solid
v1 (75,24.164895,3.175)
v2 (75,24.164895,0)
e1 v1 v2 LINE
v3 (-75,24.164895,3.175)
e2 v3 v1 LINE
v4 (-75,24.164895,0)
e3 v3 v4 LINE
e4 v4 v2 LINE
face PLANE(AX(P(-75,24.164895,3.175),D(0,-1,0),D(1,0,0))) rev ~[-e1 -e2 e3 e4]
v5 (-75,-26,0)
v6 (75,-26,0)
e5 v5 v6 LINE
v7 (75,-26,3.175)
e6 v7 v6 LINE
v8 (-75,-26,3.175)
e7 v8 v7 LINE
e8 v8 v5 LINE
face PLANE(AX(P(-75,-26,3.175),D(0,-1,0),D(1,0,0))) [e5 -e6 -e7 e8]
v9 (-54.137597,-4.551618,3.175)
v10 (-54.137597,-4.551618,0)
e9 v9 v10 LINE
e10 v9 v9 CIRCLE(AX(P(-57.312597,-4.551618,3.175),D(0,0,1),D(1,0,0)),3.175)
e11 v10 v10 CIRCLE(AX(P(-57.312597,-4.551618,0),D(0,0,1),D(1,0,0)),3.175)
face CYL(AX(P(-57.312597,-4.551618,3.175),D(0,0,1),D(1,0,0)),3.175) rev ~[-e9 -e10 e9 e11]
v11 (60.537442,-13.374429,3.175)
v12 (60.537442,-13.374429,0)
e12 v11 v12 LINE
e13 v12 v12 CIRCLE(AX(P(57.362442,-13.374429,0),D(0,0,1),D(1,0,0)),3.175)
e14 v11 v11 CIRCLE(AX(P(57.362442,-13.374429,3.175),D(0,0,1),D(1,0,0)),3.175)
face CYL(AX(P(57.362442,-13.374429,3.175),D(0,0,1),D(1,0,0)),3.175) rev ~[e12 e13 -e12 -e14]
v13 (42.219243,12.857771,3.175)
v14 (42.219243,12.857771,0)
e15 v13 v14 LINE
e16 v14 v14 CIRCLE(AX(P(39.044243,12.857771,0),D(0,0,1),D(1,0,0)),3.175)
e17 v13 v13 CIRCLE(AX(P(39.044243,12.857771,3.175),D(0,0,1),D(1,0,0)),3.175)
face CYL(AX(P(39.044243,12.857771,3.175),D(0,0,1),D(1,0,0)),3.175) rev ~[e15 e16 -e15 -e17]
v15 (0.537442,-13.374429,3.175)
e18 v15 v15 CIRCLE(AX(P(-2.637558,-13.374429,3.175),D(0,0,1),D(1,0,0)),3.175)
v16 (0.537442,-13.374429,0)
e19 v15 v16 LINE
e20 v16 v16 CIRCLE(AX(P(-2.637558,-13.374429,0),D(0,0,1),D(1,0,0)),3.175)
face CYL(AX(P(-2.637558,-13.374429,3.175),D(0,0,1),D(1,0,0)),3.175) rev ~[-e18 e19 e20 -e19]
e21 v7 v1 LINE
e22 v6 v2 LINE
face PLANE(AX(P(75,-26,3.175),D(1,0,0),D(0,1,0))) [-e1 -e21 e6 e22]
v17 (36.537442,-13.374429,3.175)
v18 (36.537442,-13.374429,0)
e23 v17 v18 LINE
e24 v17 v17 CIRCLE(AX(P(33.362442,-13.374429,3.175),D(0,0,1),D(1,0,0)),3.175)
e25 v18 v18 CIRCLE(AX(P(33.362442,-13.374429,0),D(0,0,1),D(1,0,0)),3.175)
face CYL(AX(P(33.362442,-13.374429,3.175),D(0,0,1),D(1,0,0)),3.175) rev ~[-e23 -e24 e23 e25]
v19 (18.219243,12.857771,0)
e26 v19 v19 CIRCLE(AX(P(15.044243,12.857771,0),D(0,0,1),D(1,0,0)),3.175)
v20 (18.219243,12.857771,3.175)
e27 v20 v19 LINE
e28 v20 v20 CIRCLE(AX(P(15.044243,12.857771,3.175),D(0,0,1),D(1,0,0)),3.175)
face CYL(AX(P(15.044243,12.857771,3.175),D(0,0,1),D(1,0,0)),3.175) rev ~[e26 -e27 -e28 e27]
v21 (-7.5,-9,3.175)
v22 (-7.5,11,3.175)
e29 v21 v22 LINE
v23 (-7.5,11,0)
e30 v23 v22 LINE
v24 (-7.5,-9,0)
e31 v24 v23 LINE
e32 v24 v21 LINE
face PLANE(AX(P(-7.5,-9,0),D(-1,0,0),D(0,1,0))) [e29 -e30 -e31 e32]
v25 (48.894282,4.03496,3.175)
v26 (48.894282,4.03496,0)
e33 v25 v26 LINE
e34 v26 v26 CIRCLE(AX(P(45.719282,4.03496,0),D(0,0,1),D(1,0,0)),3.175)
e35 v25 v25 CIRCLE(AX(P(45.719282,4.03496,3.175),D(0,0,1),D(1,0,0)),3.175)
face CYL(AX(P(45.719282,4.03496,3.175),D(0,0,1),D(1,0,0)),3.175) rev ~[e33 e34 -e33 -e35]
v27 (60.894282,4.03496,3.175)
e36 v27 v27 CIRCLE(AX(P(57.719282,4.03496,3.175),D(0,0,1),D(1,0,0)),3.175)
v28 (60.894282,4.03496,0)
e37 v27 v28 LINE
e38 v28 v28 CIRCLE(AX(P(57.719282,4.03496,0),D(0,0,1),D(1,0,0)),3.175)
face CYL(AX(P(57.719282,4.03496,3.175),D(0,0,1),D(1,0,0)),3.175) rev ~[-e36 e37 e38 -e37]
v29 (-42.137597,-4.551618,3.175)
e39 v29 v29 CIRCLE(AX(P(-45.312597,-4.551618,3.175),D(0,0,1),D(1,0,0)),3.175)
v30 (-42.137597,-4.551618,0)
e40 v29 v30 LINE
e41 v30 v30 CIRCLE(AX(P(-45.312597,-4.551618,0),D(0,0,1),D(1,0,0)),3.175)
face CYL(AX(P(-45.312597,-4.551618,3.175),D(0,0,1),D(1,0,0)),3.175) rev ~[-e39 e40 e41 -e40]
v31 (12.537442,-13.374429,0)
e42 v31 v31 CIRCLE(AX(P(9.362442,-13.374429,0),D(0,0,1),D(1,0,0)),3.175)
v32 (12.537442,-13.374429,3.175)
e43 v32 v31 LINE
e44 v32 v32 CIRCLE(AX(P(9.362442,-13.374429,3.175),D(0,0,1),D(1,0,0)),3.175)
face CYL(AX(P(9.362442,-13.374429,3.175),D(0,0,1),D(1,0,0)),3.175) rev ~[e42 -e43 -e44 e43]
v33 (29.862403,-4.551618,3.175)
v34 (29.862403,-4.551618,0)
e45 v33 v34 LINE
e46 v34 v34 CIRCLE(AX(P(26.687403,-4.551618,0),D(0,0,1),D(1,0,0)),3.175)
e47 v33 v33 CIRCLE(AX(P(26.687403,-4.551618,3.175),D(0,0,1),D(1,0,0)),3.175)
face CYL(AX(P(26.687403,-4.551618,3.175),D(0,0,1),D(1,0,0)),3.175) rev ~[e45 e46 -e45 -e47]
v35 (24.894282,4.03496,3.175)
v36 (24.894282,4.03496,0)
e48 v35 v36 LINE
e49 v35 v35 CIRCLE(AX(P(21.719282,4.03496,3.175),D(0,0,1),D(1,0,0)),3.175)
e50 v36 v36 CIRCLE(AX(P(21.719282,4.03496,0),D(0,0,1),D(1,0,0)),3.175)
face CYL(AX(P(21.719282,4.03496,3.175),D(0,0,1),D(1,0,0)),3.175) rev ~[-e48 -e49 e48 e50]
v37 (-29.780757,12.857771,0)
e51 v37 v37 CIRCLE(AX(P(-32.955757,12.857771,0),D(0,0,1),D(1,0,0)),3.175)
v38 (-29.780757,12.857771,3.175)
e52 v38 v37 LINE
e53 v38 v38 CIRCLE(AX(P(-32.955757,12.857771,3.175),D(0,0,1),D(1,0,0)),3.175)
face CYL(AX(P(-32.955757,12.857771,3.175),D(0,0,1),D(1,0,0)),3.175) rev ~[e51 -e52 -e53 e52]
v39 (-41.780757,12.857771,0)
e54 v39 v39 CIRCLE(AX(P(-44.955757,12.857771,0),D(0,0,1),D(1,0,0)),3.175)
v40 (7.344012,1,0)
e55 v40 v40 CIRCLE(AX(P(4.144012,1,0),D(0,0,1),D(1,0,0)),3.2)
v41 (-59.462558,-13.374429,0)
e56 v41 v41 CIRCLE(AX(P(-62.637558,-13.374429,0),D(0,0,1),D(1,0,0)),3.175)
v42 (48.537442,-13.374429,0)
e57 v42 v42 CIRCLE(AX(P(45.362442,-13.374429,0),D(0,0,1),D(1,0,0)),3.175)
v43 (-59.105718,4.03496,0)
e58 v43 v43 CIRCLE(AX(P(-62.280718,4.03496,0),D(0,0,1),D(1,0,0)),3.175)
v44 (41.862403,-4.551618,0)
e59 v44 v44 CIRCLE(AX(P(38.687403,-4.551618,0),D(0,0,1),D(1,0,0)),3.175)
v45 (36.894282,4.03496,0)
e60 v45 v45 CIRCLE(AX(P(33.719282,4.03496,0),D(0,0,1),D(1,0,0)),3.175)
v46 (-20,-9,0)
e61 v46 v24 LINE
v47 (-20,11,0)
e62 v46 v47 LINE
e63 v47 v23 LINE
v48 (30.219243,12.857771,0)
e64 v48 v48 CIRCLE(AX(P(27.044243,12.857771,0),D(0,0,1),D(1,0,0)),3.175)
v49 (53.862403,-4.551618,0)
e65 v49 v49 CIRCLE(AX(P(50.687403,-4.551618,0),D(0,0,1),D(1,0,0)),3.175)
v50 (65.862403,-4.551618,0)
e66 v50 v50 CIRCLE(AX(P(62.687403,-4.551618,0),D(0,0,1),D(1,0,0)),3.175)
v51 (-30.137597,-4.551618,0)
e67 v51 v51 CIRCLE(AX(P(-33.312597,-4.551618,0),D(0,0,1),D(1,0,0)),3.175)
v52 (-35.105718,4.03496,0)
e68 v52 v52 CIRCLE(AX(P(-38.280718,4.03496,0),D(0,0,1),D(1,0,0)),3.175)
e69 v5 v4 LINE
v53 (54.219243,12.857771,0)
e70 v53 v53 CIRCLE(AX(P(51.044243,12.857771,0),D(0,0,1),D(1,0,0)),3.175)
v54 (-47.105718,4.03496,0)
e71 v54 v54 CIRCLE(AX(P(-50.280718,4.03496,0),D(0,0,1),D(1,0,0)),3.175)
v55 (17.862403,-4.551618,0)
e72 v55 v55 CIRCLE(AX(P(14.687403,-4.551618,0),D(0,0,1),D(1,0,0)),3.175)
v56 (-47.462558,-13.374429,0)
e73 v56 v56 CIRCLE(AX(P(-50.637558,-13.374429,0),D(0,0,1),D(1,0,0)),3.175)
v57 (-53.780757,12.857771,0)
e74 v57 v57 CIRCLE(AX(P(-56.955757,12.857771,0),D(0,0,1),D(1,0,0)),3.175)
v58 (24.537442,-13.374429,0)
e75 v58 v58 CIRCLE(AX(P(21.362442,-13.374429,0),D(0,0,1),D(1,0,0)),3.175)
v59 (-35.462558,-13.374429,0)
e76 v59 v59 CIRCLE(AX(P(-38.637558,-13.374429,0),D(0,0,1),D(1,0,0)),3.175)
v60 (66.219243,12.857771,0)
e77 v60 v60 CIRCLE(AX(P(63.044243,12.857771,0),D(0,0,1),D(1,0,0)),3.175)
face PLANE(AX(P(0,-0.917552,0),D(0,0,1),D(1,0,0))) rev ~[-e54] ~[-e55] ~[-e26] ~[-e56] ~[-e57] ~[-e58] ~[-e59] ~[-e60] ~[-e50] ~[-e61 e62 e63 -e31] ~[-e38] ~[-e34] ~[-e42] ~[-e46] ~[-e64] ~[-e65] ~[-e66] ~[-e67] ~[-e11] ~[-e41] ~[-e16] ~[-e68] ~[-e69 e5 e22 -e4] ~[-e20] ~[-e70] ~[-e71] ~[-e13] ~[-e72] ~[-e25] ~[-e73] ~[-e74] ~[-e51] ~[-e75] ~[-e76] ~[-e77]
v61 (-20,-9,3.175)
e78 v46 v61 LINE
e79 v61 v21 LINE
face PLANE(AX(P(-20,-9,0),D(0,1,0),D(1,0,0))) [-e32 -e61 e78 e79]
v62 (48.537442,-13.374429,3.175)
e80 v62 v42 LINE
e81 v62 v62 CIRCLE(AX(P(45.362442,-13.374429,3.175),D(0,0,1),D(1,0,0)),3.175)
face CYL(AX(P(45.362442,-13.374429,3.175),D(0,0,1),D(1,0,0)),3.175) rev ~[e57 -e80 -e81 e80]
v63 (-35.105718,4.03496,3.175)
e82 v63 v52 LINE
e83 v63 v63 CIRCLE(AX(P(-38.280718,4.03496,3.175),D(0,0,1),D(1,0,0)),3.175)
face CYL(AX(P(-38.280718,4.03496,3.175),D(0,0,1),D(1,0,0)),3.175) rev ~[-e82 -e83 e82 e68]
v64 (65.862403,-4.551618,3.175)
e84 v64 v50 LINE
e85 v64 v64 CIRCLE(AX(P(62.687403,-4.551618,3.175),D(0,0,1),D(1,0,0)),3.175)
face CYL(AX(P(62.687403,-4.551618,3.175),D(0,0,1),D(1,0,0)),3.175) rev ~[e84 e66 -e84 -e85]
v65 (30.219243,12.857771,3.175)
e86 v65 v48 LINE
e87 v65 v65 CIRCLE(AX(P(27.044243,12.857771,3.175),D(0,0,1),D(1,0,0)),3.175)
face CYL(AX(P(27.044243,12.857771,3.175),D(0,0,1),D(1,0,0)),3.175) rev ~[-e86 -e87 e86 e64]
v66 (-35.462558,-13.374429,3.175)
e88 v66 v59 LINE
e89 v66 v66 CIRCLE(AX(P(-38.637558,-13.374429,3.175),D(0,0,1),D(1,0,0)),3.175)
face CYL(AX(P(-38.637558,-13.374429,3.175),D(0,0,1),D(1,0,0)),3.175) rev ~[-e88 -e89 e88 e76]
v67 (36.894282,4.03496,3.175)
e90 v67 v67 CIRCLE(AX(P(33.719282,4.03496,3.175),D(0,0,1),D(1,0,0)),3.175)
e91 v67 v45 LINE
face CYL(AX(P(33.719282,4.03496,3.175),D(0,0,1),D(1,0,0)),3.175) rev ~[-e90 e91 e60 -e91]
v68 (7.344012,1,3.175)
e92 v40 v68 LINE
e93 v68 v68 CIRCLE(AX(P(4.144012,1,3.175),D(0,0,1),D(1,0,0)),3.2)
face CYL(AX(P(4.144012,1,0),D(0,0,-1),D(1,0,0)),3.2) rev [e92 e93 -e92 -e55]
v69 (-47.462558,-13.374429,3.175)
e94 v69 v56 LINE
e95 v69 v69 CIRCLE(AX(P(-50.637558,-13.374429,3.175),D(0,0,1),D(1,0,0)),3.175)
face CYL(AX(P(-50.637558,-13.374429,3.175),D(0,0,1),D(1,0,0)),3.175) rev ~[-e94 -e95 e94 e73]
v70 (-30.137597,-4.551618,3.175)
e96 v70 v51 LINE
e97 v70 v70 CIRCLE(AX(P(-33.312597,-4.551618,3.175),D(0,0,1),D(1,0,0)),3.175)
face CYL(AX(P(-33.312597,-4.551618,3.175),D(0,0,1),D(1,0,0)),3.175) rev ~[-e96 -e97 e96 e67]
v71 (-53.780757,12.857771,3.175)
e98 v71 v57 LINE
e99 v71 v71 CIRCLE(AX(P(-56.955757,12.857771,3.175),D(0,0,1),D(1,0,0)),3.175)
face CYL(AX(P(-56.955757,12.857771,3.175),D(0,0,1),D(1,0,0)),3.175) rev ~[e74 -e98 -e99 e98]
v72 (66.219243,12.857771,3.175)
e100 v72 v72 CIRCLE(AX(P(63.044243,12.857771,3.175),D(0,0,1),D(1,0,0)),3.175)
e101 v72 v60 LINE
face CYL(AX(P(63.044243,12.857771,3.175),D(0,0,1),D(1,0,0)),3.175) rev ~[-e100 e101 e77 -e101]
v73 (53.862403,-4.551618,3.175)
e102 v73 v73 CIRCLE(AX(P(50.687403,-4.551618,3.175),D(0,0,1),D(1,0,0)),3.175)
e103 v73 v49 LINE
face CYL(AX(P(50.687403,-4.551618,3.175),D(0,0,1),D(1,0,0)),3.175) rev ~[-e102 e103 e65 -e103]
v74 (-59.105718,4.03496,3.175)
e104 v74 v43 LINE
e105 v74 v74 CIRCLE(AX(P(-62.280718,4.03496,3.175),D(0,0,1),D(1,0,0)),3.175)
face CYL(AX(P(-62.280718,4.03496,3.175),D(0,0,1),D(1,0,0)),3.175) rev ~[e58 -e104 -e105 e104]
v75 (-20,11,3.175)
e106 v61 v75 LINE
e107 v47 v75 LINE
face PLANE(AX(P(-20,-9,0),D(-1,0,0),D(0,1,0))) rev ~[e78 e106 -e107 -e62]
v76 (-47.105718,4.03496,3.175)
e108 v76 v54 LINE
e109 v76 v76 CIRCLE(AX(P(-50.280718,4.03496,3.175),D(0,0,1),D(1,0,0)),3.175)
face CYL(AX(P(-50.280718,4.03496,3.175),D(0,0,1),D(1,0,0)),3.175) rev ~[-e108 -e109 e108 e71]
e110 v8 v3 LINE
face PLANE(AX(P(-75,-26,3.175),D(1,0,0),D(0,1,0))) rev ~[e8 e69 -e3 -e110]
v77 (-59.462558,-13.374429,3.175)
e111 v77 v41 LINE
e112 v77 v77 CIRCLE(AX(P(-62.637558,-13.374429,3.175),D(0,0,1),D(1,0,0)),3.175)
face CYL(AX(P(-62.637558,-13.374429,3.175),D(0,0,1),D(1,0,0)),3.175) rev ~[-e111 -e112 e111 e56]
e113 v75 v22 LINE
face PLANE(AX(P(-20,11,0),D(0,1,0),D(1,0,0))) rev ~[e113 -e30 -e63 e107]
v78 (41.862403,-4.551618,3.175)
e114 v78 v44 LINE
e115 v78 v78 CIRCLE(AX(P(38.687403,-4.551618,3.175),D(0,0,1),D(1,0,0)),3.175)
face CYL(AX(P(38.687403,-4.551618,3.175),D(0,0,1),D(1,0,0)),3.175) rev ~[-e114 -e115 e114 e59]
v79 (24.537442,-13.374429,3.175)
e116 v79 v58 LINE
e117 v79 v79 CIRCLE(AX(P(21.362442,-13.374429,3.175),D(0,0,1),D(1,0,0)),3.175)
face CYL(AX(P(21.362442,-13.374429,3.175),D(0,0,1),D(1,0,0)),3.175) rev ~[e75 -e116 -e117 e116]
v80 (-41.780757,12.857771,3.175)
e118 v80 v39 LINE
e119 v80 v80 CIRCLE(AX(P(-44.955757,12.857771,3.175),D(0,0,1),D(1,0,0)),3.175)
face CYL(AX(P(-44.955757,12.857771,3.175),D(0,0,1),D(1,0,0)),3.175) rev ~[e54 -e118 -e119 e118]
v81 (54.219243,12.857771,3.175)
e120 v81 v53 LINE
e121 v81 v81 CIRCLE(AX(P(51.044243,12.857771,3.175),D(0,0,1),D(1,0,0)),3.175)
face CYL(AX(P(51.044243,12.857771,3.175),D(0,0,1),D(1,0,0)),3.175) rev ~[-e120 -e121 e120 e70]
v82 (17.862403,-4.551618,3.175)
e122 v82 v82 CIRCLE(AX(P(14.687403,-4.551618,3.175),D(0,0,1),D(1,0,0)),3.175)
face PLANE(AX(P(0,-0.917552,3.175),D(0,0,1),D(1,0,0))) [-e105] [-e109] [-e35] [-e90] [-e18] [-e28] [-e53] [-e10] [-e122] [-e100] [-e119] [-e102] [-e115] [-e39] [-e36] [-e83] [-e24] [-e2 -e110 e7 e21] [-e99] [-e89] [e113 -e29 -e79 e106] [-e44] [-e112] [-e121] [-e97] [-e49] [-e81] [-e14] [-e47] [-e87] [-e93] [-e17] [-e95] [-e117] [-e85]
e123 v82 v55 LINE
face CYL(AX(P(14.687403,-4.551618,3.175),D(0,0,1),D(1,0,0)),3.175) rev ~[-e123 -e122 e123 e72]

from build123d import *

# Parameters (mm, degrees)
BOSS_EXTRUDE1_DEPTH   = 3.175
BOSS_EXTRUDE1_2_DEPTH = 3.175
BOSS_EXTRUDE1_3_DEPTH = 3.175
BOSS_EXTRUDE1_4_DEPTH = 3.175
SKETCH1_R             = 3.2
SKETCH1_W             = 12.5
SKETCH1_H             = 20
BOSS_EXTRUDE1_5_DEPTH = 3.175
SKETCH2_W             = 43.267164734
SKETCH2_H             = 48
SKETCH2_W_2           = 36.488078293
BOSS_EXTRUDE2_DEPTH   = 3.175
SKETCH3_W             = 150
SKETCH3_H             = 50.164895034
SKETCH3_W_2           = 146
SKETCH3_H_2           = 48
BOSS_EXTRUDE3_DEPTH   = 3.175
SKETCH4_R             = 3.175
CUT_EXTRUDE1_DEPTH    = 3.175


with BuildPart() as part:
    # Sketch1 → Boss-Extrude1 (new body)
    with BuildSketch(Plane.XY):
        Polygon((57.693747285, -13.75), (57.693747285, -24), (73, -24), (73, -10.75), (53.098076211, -10.75), (53.098076211, -13.75), align=None)
    extrude(amount=BOSS_EXTRUDE1_DEPTH)



with BuildPart() as body_2:
    # Sketch1 → Boss-Extrude1 2 (new body)
    with BuildSketch(Plane.XY):
        Polygon((53.098076211, 13.25), (73, 13.25), (73, 24), (57.693747285, 24), (57.693747285, 16.25), (53.098076211, 16.25), align=None)
    extrude(amount=BOSS_EXTRUDE1_2_DEPTH)


with BuildPart() as body_3:
    # Sketch1 → Boss-Extrude1 3 (new body)
    with BuildSketch(Plane.XY):
        Polygon((-73, -10.75), (-73, -24), (-57.693747285, -24), (-57.693747285, -13.75), (-53.098076211, -13.75), (-53.098076211, -10.75), align=None)
    extrude(amount=BOSS_EXTRUDE1_3_DEPTH)


with BuildPart() as body_4:
    # Sketch1 → Boss-Extrude1 4 (new body)
    with BuildSketch(Plane.XY):
        Polygon((-57.693747285, 24), (-73, 24), (-73, 13.25), (-53.098076211, 13.25), (-53.098076211, 16.25), (-57.693747285, 16.25), align=None)
    extrude(amount=BOSS_EXTRUDE1_4_DEPTH)


with BuildPart() as body_5:
    # Sketch1 → Boss-Extrude1 5 (new body)
    with BuildSketch(Plane.XY):
        Polygon((-43.306252715, -13.75), (-43.306252715, -24), (43.306252715, -24), (43.306252715, -13.75), (47.901923789, -13.75), (47.901923789, -6.75), (47.33772234, -6.75), (47.33772234, 9.25), (47.901923789, 9.25), (47.901923789, 16.25), (43.306252715, 16.25), (43.306252715, 24), (-43.306252715, 24), (-43.306252715, 16.25), (-47.901923789, 16.25), (-47.901923789, 9.25), (-47.33772234, 9.25), (-47.33772234, -6.75), (-47.901923789, -6.75), (-47.901923789, -13.75), align=None)
        with Locations((4.144011572, 1)):
            Circle(SKETCH1_R, mode=Mode.SUBTRACT)
        with Locations((-13.75, 1)):
            Rectangle(SKETCH1_W, SKETCH1_H, mode=Mode.SUBTRACT)
    extrude(amount=BOSS_EXTRUDE1_5_DEPTH)


with BuildPart() as part_1:
    add(part.part)

    add(body_2.part)  # Boss-Extrude2 merges body 2

    add(body_3.part)  # Boss-Extrude2 merges body 3

    add(body_4.part)  # Boss-Extrude2 merges body 4

    add(body_5.part)  # Boss-Extrude2 merges body 5
    # Sketch2 → Boss-Extrude2 (add)
    with BuildSketch(Plane.XY.offset(3.175)):
        with Locations((-51.366417633, 0)):
            Rectangle(SKETCH2_W, SKETCH2_H)
        with Locations((54.755960853, 0)):
            Rectangle(SKETCH2_W_2, SKETCH2_H)
    extrude(amount=-BOSS_EXTRUDE2_DEPTH)

    # Sketch3 → Boss-Extrude3 (add)
    with BuildSketch(Plane.XY.offset(3.175)):
        with Locations((0, -0.917552483)):
            Rectangle(SKETCH3_W, SKETCH3_H)
        Rectangle(SKETCH3_W_2, SKETCH3_H_2, mode=Mode.SUBTRACT)
    extrude(amount=-BOSS_EXTRUDE3_DEPTH)

    # Sketch4 → Cut-Extrude1 (cut)
    with BuildSketch(Plane.XY.offset(3.175)):
        with Locations((-56.95575683, 12.857770953)):
            Circle(SKETCH4_R)
        with Locations((-44.95575683, 12.857770953)):
            Circle(SKETCH4_R)
        with Locations((-32.95575683, 12.857770953)):
            Circle(SKETCH4_R)
        with Locations((15.04424317, 12.857770953)):
            Circle(SKETCH4_R)
        with Locations((27.04424317, 12.857770953)):
            Circle(SKETCH4_R)
        with Locations((39.04424317, 12.857770953)):
            Circle(SKETCH4_R)
        with Locations((51.04424317, 12.857770953)):
            Circle(SKETCH4_R)
        with Locations((63.04424317, 12.857770953)):
            Circle(SKETCH4_R)
        with Locations((-62.280718202, 4.034960141)):
            Circle(SKETCH4_R)
        with Locations((-50.280718202, 4.034960141)):
            Circle(SKETCH4_R)
        with Locations((-38.280718202, 4.034960141)):
            Circle(SKETCH4_R)
        with Locations((21.719281798, 4.034960141)):
            Circle(SKETCH4_R)
        with Locations((33.719281798, 4.034960141)):
            Circle(SKETCH4_R)
        with Locations((45.719281798, 4.034960141)):
            Circle(SKETCH4_R)
        with Locations((57.719281798, 4.034960141)):
            Circle(SKETCH4_R)
        with Locations((-57.312596917, -4.551617996)):
            Circle(SKETCH4_R)
        with Locations((-45.312596917, -4.551617996)):
            Circle(SKETCH4_R)
        with Locations((-33.312596917, -4.551617996)):
            Circle(SKETCH4_R)
        with Locations((14.687403083, -4.551617996)):
            Circle(SKETCH4_R)
        with Locations((26.687403083, -4.551617996)):
            Circle(SKETCH4_R)
        with Locations((38.687403083, -4.551617996)):
            Circle(SKETCH4_R)
        with Locations((50.687403083, -4.551617996)):
            Circle(SKETCH4_R)
        with Locations((62.687403083, -4.551617996)):
            Circle(SKETCH4_R)
        with Locations((-62.637558288, -13.374428808)):
            Circle(SKETCH4_R)
        with Locations((-50.637558288, -13.374428808)):
            Circle(SKETCH4_R)
        with Locations((-38.637558288, -13.374428808)):
            Circle(SKETCH4_R)
        with Locations((-2.637558288, -13.374428808)):
            Circle(SKETCH4_R)
        with Locations((9.362441712, -13.374428808)):
            Circle(SKETCH4_R)
        with Locations((21.362441712, -13.374428808)):
            Circle(SKETCH4_R)
        with Locations((33.362441712, -13.374428808)):
            Circle(SKETCH4_R)
        with Locations((45.362441712, -13.374428808)):
            Circle(SKETCH4_R)
        with Locations((57.362441712, -13.374428808)):
            Circle(SKETCH4_R)
    extrude(amount=-CUT_EXTRUDE1_DEPTH, mode=Mode.SUBTRACT)


solid = part_1.part
